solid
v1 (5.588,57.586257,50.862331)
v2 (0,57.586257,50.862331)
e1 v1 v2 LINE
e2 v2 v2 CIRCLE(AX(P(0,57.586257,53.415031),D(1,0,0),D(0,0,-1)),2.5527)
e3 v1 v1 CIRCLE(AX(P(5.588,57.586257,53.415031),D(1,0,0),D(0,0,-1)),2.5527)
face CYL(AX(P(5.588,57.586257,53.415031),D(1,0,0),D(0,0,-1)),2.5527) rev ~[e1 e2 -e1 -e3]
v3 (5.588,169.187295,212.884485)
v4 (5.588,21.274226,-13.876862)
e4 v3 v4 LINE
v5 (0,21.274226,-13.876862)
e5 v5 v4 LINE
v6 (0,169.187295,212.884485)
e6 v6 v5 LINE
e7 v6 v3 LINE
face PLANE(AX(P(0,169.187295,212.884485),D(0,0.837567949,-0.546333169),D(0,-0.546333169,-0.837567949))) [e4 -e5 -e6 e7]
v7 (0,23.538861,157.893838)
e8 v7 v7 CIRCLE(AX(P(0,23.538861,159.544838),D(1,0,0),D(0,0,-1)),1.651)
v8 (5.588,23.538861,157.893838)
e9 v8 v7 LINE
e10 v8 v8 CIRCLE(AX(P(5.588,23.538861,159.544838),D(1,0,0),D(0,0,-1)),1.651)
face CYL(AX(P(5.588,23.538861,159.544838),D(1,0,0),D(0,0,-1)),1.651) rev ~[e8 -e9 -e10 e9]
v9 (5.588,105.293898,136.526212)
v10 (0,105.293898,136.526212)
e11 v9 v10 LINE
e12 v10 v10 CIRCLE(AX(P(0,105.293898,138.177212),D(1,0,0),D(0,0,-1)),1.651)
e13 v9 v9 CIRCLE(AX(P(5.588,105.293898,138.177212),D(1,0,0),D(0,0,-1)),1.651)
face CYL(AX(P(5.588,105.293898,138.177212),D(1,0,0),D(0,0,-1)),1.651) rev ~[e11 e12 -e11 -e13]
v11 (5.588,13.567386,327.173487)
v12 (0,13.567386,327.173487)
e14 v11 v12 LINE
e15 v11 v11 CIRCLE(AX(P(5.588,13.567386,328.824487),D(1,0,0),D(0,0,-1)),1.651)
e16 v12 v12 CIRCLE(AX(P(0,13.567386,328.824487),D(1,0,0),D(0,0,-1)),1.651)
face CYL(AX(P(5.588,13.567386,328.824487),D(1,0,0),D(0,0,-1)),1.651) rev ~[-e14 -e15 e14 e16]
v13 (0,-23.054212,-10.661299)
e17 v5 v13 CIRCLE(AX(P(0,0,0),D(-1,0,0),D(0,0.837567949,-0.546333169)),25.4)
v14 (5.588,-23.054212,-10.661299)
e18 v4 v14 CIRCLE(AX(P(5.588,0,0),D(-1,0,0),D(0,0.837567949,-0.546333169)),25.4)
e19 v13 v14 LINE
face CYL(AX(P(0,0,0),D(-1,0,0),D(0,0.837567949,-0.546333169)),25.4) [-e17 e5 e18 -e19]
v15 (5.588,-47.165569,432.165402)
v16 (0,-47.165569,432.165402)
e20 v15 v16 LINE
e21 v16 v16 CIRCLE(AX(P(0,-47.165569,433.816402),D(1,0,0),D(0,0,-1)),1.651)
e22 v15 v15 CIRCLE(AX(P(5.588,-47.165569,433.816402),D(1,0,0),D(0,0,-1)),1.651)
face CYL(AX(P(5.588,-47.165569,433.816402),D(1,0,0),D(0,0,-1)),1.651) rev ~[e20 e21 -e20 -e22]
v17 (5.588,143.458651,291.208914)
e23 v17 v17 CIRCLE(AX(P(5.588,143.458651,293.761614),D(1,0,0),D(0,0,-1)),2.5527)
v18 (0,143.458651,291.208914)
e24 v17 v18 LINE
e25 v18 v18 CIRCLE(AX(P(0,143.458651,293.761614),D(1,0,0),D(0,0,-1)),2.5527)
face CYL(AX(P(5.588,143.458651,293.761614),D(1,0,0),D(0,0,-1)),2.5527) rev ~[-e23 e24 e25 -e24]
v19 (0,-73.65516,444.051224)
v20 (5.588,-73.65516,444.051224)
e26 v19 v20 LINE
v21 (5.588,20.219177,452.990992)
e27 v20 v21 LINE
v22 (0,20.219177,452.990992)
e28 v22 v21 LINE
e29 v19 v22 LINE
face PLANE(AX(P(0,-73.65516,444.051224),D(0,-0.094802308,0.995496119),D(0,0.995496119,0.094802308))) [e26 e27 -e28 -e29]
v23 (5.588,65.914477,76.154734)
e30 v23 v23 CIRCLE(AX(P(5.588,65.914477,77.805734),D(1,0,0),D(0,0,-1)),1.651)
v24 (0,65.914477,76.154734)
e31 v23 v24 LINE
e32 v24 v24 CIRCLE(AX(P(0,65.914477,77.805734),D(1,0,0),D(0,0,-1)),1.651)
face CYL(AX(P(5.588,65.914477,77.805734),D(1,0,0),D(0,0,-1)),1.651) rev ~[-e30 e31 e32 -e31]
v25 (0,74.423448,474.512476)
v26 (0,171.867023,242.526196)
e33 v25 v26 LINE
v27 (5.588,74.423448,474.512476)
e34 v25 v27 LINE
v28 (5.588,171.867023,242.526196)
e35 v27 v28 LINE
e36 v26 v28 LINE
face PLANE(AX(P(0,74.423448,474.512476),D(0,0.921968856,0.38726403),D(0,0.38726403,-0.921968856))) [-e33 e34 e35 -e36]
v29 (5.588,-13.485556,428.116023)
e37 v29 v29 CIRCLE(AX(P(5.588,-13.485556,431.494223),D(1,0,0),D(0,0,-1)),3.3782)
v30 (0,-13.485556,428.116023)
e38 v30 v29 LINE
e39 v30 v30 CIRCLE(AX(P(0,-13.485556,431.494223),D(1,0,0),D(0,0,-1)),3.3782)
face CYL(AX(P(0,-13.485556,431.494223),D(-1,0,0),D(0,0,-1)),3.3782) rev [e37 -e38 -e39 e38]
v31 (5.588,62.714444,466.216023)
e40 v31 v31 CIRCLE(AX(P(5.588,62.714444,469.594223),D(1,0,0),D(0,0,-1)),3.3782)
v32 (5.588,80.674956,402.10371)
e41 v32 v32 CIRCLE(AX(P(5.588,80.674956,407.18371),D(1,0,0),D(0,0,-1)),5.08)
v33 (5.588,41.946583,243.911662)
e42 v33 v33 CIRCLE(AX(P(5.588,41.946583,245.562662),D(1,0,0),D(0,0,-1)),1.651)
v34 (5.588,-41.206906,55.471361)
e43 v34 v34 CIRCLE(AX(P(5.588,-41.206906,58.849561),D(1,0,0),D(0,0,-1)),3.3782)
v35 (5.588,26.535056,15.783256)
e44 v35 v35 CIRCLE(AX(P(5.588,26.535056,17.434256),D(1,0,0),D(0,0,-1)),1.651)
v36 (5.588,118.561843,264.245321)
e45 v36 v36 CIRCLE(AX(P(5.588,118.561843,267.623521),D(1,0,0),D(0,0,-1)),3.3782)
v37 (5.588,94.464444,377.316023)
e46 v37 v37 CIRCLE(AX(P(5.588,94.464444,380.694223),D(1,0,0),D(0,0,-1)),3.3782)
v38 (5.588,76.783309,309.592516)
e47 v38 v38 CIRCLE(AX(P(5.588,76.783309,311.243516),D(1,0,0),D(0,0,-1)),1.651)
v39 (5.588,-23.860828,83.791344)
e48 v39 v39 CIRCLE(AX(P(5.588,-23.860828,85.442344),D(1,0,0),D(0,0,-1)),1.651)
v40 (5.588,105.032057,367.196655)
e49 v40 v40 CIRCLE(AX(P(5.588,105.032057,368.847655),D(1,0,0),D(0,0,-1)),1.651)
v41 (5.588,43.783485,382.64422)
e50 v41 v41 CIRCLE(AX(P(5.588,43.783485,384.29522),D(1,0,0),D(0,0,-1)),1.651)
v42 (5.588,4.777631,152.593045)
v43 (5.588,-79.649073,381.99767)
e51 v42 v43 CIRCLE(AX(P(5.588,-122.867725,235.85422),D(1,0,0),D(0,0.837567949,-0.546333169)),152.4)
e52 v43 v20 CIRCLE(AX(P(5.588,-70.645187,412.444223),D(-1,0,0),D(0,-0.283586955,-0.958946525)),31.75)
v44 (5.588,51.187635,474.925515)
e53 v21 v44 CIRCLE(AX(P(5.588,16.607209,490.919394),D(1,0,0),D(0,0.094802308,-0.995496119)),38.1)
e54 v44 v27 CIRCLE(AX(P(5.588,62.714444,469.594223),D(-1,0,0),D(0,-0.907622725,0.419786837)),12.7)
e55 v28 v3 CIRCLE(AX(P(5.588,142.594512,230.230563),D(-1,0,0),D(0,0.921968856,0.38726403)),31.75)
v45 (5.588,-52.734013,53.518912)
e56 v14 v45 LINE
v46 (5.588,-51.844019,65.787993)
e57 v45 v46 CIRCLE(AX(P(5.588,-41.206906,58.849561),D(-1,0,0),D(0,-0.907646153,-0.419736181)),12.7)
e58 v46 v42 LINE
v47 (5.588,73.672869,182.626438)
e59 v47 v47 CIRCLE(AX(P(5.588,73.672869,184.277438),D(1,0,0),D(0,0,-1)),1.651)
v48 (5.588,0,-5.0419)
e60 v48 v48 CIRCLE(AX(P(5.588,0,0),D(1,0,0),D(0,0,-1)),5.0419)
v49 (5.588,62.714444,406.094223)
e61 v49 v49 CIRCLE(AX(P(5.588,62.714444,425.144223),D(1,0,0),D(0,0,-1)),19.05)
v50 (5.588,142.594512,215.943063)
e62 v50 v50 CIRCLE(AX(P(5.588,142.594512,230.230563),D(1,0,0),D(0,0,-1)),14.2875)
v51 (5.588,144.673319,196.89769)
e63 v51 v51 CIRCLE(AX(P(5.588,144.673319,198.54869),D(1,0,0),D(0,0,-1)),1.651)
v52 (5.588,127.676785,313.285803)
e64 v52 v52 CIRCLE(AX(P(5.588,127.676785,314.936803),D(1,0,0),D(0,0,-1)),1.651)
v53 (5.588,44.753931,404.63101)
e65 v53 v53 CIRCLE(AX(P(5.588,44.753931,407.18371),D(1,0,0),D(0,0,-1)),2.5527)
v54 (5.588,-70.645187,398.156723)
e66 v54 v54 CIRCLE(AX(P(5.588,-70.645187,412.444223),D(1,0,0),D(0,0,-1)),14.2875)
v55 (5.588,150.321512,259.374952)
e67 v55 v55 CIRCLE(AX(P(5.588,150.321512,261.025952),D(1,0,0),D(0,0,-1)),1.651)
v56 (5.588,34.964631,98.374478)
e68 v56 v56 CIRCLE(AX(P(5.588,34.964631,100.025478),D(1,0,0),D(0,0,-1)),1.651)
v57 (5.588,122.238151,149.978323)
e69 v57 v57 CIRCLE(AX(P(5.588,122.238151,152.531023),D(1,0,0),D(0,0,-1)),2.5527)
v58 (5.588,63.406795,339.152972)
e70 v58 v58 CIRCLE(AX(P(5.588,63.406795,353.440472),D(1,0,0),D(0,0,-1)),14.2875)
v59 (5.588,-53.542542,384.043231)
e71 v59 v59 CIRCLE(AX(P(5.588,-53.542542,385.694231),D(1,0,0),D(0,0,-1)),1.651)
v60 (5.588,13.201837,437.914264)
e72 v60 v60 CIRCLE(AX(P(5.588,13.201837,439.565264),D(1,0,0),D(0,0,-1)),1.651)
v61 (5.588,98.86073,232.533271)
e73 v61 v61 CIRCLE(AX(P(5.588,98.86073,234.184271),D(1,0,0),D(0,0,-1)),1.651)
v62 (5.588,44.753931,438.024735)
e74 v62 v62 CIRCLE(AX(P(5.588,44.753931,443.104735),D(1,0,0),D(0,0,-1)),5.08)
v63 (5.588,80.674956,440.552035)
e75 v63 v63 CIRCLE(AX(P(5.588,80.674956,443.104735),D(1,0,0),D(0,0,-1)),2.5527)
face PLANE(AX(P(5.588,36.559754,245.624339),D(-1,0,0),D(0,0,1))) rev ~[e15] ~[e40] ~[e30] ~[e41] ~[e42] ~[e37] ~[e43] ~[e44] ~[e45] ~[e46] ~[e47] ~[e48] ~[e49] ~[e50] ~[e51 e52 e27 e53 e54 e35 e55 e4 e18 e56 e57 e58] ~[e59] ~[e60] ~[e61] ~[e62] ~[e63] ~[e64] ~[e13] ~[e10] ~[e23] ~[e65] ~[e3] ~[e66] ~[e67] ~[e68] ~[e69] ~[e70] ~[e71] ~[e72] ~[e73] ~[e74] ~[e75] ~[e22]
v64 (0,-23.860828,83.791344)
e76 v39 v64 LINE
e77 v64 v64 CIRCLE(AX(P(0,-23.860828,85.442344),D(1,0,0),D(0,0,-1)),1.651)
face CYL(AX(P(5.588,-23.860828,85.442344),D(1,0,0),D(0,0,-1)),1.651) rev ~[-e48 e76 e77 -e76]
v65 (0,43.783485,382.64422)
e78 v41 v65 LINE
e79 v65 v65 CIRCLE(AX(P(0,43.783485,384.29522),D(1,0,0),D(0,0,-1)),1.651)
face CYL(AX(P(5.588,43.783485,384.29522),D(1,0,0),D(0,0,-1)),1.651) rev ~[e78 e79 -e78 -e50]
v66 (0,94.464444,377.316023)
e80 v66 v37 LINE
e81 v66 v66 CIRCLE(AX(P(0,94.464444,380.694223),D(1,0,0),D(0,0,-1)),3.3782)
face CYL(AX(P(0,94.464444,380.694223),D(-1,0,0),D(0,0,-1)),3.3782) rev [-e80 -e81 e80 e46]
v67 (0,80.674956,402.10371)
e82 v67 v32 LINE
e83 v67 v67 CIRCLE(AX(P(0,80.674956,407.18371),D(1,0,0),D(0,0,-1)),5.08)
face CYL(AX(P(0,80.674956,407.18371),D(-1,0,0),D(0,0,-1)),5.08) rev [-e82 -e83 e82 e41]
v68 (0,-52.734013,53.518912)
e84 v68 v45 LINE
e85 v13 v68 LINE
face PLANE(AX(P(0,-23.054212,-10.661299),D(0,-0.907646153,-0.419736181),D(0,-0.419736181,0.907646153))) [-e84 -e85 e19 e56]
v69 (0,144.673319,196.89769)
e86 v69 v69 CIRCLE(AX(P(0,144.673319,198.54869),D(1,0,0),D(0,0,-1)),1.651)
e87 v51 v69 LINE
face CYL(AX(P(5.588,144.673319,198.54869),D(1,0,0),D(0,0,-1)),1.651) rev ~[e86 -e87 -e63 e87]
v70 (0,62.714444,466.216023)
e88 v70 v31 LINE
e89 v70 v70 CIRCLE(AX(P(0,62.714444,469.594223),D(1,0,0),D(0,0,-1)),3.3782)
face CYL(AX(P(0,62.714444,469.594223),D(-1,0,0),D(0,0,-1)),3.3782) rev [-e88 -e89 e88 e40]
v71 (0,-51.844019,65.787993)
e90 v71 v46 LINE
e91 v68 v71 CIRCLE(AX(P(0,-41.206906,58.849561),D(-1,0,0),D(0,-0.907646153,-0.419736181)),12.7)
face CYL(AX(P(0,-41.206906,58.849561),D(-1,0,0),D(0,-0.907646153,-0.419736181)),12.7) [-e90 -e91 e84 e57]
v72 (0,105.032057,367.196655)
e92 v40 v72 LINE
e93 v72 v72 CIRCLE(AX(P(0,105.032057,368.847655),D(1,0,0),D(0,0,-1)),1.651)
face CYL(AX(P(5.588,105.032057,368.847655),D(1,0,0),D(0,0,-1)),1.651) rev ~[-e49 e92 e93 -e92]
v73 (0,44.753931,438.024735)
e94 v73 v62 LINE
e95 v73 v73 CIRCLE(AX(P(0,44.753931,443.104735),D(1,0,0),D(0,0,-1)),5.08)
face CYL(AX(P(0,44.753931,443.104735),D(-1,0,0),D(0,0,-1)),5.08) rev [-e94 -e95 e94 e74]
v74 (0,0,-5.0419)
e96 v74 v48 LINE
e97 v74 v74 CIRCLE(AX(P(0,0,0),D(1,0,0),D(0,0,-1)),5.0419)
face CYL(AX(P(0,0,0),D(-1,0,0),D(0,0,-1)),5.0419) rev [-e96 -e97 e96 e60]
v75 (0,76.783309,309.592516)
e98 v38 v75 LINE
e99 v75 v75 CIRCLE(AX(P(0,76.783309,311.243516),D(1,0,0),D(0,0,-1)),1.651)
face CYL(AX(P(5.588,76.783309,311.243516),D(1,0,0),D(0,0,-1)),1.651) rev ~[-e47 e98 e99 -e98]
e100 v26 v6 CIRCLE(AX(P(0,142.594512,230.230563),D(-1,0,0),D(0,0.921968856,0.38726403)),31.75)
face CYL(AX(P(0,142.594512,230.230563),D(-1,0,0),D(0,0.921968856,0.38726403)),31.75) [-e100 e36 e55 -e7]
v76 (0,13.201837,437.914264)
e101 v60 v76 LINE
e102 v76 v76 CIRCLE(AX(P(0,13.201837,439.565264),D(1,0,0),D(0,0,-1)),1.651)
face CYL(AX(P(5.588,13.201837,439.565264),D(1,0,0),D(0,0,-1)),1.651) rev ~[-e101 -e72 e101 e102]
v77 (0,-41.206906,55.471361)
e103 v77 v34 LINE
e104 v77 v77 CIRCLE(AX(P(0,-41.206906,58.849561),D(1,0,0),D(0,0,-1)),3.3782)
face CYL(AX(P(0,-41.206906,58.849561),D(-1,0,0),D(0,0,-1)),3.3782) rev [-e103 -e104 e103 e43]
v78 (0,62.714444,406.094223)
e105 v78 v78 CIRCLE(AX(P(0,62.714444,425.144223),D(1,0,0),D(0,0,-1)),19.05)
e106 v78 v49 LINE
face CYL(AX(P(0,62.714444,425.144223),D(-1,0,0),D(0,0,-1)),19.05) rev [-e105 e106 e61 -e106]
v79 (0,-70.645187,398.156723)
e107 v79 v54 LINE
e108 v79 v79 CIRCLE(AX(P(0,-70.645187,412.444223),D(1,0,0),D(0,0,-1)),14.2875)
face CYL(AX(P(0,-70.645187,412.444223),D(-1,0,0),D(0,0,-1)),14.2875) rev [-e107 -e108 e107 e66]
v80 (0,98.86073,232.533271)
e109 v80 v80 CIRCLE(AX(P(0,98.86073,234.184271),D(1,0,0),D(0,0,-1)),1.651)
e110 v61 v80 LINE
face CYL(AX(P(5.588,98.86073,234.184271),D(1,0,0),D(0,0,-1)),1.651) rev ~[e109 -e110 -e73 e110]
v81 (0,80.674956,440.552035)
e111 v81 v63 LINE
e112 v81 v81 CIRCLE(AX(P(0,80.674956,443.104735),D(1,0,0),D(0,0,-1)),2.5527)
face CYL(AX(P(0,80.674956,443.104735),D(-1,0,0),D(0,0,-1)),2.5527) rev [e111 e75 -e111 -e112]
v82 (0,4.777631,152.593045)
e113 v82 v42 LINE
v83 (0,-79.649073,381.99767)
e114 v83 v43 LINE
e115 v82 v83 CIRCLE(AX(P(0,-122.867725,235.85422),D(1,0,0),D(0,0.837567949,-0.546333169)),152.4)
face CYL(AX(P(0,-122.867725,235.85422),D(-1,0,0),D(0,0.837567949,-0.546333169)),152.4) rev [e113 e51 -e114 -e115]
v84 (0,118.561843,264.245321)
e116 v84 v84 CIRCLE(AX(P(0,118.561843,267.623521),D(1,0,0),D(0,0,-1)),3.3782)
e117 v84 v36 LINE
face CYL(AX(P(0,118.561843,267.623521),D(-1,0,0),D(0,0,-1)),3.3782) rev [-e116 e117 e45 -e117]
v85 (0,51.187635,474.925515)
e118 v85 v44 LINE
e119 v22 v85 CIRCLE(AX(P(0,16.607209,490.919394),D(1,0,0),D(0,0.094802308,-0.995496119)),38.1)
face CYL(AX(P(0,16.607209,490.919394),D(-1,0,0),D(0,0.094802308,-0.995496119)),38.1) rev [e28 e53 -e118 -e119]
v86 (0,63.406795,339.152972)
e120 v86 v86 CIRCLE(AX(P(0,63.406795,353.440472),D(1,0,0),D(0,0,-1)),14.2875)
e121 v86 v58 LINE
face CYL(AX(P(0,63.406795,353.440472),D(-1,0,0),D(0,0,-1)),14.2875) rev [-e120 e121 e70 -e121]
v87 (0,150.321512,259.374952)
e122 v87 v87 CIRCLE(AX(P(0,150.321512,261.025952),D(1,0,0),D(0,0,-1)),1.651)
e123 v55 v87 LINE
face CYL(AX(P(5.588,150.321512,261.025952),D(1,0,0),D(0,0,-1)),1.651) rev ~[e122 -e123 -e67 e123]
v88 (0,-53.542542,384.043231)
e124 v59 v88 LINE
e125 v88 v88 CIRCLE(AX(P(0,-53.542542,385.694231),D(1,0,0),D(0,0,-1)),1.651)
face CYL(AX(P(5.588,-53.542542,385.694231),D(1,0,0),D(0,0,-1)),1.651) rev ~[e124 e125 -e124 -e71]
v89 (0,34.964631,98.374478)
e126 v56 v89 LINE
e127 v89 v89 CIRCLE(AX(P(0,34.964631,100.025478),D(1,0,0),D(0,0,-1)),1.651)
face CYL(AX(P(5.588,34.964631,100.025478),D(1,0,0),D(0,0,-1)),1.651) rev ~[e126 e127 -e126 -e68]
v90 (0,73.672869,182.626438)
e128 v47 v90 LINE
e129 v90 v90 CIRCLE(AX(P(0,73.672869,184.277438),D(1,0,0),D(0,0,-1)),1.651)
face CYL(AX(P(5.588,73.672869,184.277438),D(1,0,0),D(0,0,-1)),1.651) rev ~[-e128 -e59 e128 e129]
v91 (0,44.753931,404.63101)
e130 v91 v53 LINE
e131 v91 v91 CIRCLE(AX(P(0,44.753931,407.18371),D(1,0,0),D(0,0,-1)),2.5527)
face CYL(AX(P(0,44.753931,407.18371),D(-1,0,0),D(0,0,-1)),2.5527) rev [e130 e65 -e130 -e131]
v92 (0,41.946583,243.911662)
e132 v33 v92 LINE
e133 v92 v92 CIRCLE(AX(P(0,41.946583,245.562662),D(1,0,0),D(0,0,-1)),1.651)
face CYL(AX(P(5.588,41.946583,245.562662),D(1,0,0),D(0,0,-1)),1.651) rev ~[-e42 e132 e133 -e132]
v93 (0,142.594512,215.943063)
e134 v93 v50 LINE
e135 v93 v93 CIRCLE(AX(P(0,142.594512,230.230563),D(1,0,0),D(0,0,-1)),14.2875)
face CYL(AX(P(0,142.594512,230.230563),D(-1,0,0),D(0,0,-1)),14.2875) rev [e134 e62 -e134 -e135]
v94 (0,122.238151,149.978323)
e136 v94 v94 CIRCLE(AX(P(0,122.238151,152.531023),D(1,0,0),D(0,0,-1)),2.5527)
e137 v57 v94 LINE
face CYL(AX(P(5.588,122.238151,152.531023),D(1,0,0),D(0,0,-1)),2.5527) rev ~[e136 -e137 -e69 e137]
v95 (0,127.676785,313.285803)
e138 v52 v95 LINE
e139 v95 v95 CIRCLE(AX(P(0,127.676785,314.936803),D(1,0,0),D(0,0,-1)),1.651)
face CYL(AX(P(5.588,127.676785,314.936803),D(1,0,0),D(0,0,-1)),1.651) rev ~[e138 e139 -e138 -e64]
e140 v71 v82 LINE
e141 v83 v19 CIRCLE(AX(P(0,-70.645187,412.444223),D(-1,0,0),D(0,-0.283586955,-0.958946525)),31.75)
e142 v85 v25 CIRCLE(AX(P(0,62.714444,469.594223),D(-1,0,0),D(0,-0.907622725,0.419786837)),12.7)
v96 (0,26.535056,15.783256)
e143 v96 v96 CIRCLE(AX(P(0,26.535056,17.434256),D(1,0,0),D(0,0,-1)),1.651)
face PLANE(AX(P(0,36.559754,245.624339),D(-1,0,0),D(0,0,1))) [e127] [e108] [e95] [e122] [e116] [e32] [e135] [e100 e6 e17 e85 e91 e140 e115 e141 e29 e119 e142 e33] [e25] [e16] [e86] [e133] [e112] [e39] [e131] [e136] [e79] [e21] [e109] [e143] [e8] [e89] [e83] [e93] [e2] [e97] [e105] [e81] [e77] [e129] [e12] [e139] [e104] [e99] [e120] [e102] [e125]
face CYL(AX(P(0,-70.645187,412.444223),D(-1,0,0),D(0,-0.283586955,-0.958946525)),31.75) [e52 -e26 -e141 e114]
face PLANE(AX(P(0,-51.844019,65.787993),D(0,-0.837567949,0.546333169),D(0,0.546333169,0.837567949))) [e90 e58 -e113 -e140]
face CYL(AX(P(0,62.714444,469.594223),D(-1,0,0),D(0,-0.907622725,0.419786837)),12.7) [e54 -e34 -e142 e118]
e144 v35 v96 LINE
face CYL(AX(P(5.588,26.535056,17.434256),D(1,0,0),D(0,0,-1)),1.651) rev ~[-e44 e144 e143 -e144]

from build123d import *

# Parameters (mm, degrees)
SKETCH2_R           = 14.2875
SKETCH2_R_2         = 19.05
SKETCH2_R_3         = 5.0419
SKETCH2_R_4         = 3.3782
SKETCH2_R_5         = 5.08
SKETCH2_R_6         = 2.5527
BOSS_EXTRUDE1_DEPTH = 5.588
SKETCH4_R           = 2.5527
CUT_EXTRUDE1_DEPTH  = 6.588
SKETCH6_R           = 1.651
CUT_EXTRUDE2_DEPTH  = 6.588


with BuildPart() as part:
    # Sketch2 → Boss-Extrude1 (new body)
    with BuildSketch(Plane(origin=(0, 0, 0), x_dir=(0, 0, -1), z_dir=(1, 0, 0))):
        with BuildLine():
            Line((-444.051224287, -73.655160045), (-452.990991726, 20.219177))
            ThreePointArc((-452.990991726, 20.219177), (-459.828166258, 38.628688745), (-474.92551535, 51.187634905))
            ThreePointArc((-474.92551535, 51.187634905), (-482.292216482, 62.940162968), (-474.512475698, 74.423447984))
            Line((-474.512475698, 74.423447984), (-242.526195837, 171.867023314))
            ThreePointArc((-242.526195837, 171.867023314), (-227.371894365, 174.215557577), (-212.884484768, 169.18729451))
            Line((-212.884484768, 169.18729451), (13.876862492, 21.274225894))
            ThreePointArc((13.876862492, 21.274225894), (25.333435416, -1.837675174), (10.661298989, -23.05421228))
            Line((10.661298989, -23.05421228), (-53.518911784, -52.734012568))
            ThreePointArc((-53.518911784, -52.734012568), (-59.768398865, -53.873624135), (-65.787992524, -51.844019374))
            Line((-65.787992524, -51.844019374), (-152.593044897, 4.777630757))
            ThreePointArc((-152.593044897, 4.777630757), (-288.489875105, 20.154119165), (-381.997670333, -79.649072608))
            ThreePointArc((-381.997670333, -79.649072608), (-415.496829233, -102.248099493), (-444.051224287, -73.655160045))
        make_face()
        with Locations((-230.230562883, 142.594512143)):
            Circle(SKETCH2_R, mode=Mode.SUBTRACT)
        with Locations((-353.440471878, 63.406794563)):
            Circle(SKETCH2_R, mode=Mode.SUBTRACT)
        with Locations((-412.444222517, -70.645186775)):
            Circle(SKETCH2_R, mode=Mode.SUBTRACT)
        with Locations((-425.144222517, 62.714443515)):
            Circle(SKETCH2_R_2, mode=Mode.SUBTRACT)
        Circle(SKETCH2_R_3, mode=Mode.SUBTRACT)
        with Locations((-58.849561279, -41.206906428)):
            Circle(SKETCH2_R_4, mode=Mode.SUBTRACT)
        with Locations((-267.623520866, 118.561842852)):
            Circle(SKETCH2_R_4, mode=Mode.SUBTRACT)
        with Locations((-407.183710275, 80.674955757)):
            Circle(SKETCH2_R_5, mode=Mode.SUBTRACT)
        with Locations((-443.104734759, 80.674955757)):
            Circle(SKETCH2_R_6, mode=Mode.SUBTRACT)
        with Locations((-443.104734759, 44.753931273)):
            Circle(SKETCH2_R_5, mode=Mode.SUBTRACT)
        with Locations((-407.183710275, 44.753931273)):
            Circle(SKETCH2_R_6, mode=Mode.SUBTRACT)
        with Locations((-469.594222517, 62.714443515)):
            Circle(SKETCH2_R_4, mode=Mode.SUBTRACT)
        with Locations((-431.494222517, -13.485556485)):
            Circle(SKETCH2_R_4, mode=Mode.SUBTRACT)
        with Locations((-380.694222517, 94.464443515)):
            Circle(SKETCH2_R_4, mode=Mode.SUBTRACT)
    extrude(amount=BOSS_EXTRUDE1_DEPTH)

    # Sketch4 → Cut-Extrude1 (cut, through all)
    with BuildSketch(Plane(origin=(5.588, 0, 0), x_dir=(0, 0, -1), z_dir=(1, 0, 0))):
        with Locations((-293.761614403, 143.45865083)):
            Circle(SKETCH4_R)
        with Locations((-152.53102271, 122.238150561)):
            Circle(SKETCH4_R)
        with Locations((-53.415030813, 57.586256896)):
            Circle(SKETCH4_R)
    extrude(amount=-CUT_EXTRUDE1_DEPTH, mode=Mode.SUBTRACT)

    # Sketch6 → Cut-Extrude2 (cut, through all)
    with BuildSketch(Plane(origin=(5.588, 0, 0), x_dir=(0, 0, -1), z_dir=(1, 0, 0))):
        with Locations((-17.434256382, 26.535056141)):
            Circle(SKETCH6_R)
        with Locations((-159.544838365, 23.538860962)):
            Circle(SKETCH6_R)
        with Locations((-77.805734295, 65.914477118)):
            Circle(SKETCH6_R)
        with Locations((-245.562662209, 41.946583471)):
            Circle(SKETCH6_R)
        with Locations((-261.025951592, 150.321512483)):
            Circle(SKETCH6_R)
        with Locations((-328.824486777, 13.567386224)):
            Circle(SKETCH6_R)
        with Locations((-385.694231257, -53.542541728)):
            Circle(SKETCH6_R)
        with Locations((-439.565263827, 13.201837119)):
            Circle(SKETCH6_R)
        with Locations((-314.936803191, 127.67678482)):
            Circle(SKETCH6_R)
        with Locations((-368.84765479, 105.032057158)):
            Circle(SKETCH6_R)
        with Locations((-138.177212208, 105.293898095)):
            Circle(SKETCH6_R)
        with Locations((-85.442343646, -23.860828313)):
            Circle(SKETCH6_R)
        with Locations((-433.816402195, -47.165569321)):
            Circle(SKETCH6_R)
        with Locations((-198.54869012, 144.673319072)):
            Circle(SKETCH6_R)
        with Locations((-234.184271033, 98.860730407)):
            Circle(SKETCH6_R)
        with Locations((-384.29522028, 43.783484838)):
            Circle(SKETCH6_R)
        with Locations((-311.243516345, 76.78330883)):
            Circle(SKETCH6_R)
        with Locations((-184.277438268, 73.672869391)):
            Circle(SKETCH6_R)
        with Locations((-100.025478144, 34.964630862)):
            Circle(SKETCH6_R)
    extrude(amount=-CUT_EXTRUDE2_DEPTH, mode=Mode.SUBTRACT)


solid = part.part
